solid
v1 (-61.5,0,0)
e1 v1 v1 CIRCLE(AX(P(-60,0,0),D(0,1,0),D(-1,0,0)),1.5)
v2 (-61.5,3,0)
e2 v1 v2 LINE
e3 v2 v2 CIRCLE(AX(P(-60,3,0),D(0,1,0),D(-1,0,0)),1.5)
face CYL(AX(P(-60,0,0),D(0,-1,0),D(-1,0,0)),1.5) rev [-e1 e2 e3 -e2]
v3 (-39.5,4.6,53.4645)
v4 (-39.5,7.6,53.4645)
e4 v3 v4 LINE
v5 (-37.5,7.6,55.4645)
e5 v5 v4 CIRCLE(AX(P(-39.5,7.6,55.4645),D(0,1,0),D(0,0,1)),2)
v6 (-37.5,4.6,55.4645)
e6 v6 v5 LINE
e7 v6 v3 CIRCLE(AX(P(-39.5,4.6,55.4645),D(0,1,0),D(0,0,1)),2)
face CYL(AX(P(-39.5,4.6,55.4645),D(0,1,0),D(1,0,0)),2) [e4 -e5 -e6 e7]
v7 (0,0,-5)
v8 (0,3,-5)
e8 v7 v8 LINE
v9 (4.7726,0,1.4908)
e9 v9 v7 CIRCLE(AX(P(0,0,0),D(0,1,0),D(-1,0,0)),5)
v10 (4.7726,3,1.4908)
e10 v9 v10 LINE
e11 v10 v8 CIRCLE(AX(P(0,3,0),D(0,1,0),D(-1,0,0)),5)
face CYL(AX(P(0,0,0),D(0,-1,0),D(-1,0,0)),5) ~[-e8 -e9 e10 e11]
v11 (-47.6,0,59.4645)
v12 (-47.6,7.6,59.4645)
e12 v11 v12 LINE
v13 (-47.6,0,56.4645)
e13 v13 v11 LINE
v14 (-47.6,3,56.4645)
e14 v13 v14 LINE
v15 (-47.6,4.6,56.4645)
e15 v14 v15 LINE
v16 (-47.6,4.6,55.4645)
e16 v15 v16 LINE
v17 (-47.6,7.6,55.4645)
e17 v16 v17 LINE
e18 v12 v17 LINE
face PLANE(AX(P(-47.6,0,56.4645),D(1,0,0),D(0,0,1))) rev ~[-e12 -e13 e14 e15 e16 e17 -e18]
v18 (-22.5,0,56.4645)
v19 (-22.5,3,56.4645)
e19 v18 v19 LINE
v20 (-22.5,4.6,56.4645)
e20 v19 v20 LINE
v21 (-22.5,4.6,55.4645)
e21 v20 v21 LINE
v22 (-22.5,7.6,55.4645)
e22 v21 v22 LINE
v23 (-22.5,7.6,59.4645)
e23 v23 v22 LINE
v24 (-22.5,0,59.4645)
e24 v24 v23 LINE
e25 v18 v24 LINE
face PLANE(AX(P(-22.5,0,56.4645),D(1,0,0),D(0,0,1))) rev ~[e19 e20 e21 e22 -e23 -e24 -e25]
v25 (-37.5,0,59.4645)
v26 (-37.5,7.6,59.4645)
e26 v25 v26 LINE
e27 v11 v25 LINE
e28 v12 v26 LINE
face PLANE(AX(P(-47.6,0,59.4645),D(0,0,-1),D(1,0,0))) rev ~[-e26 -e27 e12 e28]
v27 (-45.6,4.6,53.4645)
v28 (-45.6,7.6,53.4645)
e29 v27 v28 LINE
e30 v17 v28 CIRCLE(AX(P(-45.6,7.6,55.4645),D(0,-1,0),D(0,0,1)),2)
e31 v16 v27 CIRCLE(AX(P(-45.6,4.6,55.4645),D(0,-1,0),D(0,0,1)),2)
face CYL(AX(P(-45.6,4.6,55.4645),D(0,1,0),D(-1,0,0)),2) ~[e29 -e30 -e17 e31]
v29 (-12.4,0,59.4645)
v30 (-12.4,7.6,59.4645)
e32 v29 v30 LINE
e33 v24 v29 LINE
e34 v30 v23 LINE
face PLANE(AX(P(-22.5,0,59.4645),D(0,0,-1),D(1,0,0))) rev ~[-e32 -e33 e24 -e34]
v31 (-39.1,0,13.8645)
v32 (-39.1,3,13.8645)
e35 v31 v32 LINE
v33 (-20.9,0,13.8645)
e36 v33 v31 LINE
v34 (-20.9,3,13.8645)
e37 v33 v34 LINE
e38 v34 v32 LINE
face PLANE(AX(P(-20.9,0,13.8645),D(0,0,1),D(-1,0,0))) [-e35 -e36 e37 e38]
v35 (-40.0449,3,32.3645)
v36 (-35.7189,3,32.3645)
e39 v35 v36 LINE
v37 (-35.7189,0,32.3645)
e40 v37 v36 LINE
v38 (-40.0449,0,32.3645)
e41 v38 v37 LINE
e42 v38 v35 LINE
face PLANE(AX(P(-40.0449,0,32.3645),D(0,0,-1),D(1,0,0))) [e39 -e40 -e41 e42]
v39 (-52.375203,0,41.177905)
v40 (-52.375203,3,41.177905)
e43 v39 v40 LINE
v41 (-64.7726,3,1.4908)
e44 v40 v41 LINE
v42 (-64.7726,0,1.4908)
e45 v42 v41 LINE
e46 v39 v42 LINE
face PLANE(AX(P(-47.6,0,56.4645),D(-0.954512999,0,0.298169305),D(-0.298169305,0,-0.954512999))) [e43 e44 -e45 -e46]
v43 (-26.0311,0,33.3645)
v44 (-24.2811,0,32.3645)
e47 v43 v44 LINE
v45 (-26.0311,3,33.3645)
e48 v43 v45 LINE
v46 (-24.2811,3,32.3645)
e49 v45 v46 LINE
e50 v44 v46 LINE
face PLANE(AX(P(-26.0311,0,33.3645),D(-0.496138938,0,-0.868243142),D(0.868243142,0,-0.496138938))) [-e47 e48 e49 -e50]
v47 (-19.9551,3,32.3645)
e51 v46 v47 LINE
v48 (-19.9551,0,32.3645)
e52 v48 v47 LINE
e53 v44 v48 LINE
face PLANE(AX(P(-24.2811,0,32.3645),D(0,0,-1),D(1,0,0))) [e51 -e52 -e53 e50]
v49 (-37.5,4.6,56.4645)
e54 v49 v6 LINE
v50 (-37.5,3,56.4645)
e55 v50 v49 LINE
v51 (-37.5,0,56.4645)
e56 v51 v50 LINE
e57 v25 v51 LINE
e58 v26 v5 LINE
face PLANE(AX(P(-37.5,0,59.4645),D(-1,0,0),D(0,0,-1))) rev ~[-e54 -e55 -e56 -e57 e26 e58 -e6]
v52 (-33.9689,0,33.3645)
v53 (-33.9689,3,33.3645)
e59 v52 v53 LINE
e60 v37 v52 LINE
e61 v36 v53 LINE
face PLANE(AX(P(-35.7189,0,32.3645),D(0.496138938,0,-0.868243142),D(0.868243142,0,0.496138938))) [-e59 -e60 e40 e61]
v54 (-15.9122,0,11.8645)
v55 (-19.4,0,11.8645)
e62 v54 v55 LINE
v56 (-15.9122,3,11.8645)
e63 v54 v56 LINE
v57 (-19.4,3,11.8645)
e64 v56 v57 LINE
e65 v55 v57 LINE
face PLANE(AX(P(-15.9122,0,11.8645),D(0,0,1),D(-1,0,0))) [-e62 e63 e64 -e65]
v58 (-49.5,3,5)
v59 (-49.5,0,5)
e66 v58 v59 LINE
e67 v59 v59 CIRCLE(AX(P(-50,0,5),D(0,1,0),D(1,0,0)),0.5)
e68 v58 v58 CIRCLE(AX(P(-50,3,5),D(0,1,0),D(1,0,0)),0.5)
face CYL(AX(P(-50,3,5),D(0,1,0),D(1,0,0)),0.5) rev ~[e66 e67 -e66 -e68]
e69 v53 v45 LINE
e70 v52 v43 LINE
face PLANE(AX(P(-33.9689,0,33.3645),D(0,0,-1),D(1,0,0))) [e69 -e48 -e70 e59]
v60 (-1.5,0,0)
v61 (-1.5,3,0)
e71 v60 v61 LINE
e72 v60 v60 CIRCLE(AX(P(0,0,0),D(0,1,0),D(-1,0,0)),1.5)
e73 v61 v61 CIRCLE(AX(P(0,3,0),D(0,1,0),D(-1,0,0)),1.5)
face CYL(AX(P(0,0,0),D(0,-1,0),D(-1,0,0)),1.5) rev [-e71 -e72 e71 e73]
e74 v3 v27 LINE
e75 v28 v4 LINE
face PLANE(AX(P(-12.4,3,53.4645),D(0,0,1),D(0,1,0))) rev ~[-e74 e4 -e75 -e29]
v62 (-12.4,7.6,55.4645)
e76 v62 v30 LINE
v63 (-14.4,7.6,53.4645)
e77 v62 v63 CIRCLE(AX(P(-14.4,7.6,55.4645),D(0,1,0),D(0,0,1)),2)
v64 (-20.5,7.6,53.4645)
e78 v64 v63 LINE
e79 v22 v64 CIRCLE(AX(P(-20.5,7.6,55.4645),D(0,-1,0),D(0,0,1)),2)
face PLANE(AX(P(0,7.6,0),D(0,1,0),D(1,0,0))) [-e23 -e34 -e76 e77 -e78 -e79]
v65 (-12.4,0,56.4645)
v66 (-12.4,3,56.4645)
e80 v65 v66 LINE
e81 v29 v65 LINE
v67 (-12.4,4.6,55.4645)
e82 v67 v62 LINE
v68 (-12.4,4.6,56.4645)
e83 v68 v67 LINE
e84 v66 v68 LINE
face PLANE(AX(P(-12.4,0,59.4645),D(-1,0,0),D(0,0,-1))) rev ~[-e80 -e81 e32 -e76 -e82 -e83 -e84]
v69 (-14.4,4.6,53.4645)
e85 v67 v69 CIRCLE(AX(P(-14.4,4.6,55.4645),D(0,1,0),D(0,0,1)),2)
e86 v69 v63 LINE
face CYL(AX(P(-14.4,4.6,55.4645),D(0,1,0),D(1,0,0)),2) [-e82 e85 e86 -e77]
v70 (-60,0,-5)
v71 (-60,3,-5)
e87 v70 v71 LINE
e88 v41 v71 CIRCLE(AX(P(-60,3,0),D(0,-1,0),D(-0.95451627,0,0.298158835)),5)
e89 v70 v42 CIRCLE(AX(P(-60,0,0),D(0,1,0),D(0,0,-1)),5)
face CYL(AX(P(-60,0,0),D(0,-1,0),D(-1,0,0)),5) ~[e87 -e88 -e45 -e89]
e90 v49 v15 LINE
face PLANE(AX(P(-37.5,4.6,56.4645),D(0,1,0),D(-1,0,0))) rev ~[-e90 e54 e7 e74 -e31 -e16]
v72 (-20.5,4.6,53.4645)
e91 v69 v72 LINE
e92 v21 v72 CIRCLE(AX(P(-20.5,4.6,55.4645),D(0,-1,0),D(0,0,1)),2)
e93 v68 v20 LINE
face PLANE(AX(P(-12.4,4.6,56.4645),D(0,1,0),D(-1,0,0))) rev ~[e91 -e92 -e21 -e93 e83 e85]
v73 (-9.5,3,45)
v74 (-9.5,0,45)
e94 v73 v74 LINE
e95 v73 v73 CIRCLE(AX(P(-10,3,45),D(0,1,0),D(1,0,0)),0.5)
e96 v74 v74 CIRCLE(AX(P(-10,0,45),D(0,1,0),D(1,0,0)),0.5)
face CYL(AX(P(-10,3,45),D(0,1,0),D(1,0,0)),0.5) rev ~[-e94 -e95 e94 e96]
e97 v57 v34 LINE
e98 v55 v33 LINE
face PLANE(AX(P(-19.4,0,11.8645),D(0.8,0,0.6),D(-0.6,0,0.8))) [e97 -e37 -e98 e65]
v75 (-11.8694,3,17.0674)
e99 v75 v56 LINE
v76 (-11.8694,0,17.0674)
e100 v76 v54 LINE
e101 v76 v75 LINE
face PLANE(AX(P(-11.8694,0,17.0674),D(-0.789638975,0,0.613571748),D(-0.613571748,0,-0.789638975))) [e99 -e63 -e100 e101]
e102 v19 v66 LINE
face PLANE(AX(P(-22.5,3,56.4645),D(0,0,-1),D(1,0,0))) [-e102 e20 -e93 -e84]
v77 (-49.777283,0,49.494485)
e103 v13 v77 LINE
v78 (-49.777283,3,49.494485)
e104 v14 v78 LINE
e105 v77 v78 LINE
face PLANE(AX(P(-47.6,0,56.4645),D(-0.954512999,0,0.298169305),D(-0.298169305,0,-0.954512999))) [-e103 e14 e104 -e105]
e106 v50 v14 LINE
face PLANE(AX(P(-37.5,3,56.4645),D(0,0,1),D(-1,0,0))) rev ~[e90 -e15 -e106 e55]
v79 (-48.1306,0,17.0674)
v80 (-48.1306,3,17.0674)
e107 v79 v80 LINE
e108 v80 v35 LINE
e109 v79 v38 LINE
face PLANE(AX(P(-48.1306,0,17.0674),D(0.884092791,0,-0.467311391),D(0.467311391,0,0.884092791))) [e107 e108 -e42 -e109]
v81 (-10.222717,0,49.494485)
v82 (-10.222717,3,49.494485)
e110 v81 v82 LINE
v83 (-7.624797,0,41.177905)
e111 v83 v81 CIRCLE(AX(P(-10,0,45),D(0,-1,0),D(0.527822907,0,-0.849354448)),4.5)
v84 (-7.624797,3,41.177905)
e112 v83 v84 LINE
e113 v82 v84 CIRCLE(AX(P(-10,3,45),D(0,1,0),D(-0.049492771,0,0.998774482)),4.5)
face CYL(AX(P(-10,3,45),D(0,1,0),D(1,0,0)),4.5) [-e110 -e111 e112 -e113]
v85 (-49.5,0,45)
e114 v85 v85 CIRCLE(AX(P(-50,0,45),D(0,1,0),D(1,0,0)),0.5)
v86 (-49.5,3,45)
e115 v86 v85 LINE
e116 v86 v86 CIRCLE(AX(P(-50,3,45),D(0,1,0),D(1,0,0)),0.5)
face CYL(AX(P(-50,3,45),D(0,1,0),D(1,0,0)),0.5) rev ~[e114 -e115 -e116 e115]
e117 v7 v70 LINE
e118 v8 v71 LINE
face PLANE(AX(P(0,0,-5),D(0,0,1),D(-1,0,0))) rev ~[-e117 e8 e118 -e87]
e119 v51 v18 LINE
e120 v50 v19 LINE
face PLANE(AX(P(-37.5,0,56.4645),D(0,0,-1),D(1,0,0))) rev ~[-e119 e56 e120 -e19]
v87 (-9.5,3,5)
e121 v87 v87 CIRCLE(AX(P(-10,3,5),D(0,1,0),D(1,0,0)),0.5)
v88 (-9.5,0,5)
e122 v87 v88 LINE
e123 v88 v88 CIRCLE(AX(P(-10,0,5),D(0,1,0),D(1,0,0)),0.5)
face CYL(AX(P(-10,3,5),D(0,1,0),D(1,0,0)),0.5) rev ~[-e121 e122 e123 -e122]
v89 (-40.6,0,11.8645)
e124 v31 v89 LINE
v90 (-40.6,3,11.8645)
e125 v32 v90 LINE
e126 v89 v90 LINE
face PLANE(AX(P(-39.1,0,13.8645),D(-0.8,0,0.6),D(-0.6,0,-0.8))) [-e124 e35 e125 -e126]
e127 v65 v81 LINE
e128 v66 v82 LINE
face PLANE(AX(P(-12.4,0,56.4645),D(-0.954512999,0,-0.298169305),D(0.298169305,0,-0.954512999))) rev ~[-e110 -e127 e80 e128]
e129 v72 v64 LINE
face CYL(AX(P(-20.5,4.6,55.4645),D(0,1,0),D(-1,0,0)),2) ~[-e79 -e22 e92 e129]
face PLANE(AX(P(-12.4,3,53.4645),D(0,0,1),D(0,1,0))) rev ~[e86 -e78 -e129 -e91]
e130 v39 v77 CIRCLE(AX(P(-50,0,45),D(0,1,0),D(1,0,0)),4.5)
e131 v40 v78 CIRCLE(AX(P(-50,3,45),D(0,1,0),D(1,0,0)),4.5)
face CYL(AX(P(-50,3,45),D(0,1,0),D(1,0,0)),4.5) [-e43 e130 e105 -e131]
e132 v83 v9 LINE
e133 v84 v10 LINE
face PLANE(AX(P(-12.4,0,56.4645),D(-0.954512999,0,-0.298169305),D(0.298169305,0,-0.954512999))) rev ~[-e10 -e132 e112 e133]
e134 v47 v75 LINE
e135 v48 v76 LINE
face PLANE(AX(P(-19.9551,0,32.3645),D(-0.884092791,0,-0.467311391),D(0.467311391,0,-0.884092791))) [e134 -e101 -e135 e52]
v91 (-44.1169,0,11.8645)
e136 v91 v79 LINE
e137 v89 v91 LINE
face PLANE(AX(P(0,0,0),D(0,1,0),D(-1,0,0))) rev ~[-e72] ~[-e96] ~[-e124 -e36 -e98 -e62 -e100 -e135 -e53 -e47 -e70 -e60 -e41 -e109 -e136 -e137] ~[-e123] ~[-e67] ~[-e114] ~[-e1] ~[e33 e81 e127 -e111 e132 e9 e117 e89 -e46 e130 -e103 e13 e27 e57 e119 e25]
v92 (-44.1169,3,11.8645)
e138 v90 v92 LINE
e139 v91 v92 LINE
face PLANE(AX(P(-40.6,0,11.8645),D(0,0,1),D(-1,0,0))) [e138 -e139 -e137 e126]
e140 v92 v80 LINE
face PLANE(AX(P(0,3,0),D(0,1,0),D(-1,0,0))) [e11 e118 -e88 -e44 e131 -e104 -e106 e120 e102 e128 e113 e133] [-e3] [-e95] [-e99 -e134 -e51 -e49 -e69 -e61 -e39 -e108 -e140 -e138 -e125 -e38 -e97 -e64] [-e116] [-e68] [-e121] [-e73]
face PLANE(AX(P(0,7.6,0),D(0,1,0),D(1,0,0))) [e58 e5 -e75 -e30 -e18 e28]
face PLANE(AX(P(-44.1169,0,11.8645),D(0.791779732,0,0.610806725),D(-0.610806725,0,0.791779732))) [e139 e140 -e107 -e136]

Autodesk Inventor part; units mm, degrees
ref_plane "YZ Plane" through (0, 0, 0) normal (1, 0, 0) x (0, 1, 0)
ref_plane "XZ Plane" through (0, 0, 0) normal (0, 1, 0) x (-1, 0, 0)
sketch "Sketch1" plane through (0, 0, 0) normal (0, 1, 0) x (-1, 0, 0)
  line L0 (12.4, 56.4645) -> (22.5, 56.4645) construction
  circle A0 centre (0, 0) radius 1.5
  line L1 (12.4, 56.4645) -> (0, 0) construction
  circle A1 centre (60, 0) radius 1.5
  line L2 (0, 0) -> (60, 0) construction
  line L3 (47.6, 56.4645) -> (37.5, 56.4645) construction
  line L4 (60, 0) -> (47.6, 56.4645) construction
  line L5 (47.6, 56.4645) -> (37.5, 56.4645) construction
  line L6 (36, 58.4645) -> (24, 58.4645) construction
  line L7 (37.5, 56.4645) -> (36, 58.4645) construction
  line L8 (36, 58.4645) -> (24, 58.4645) construction
  line L9 (24, 58.4645) -> (22.5, 56.4645) construction
  line L10 (22.5, 56.4645) -> (12.4, 56.4645) construction
  line L11 (47.6, 56.4645) -> (47.6, 59.4645)
  line L12 (47.6, 59.4645) -> (37.5, 59.4645)
  line L13 (37.5, 59.4645) -> (37.5, 56.4645)
  line L14 (37.5, 56.4645) -> (22.5, 56.4645)
  line L15 (22.5, 56.4645) -> (22.5, 59.4645)
  line L16 (22.5, 59.4645) -> (12.4, 59.4645)
  line L17 (12.4, 59.4645) -> (12.4, 56.4645)
  circle A2 centre (60, 0) radius 5
  circle A3 centre (0, 0) radius 5
  line L18 (47.6, 56.4645) -> (64.7726, 1.4908)
  line L19 (12.4, 56.4645) -> (-4.7726, 1.4908)
  line L20 (0, -5) -> (60, -5)
  point P0 (17, 90.5)
  dimension "d0" = 3
  dimension "d1" = 10.1
  dimension "d2" = 3
  dimension "d3" = 10.1
  dimension "d4" = 10
  dimension "d5" = 10
  dimension "d6" = 3
  dimension "d7" = 3
extrude "Extrusion1" add sketch "Sketch1" along normal blind 3
sketch "Sketch2" plane through (0, 3, 0) normal (0, 1, 0) x (1, 0, 0)
  line L0 (-47.6, -56.4645) -> (-47.6, -59.4645) projected
  line L1 (-37.5, -59.4645) -> (-37.5, -56.4645) projected
  line L2 (-47.6, -59.4645) -> (-37.5, -59.4645)
  line L3 (-37.5, -59.4645) -> (-37.5, -56.4645)
  line L4 (-37.5, -56.4645) -> (-47.6, -56.4645)
  line L5 (-47.6, -56.4645) -> (-47.6, -59.4645)
  line L6 (-12.4, -59.4645) -> (-12.4, -56.4645) projected
  line L7 (-37.5, -56.4645) -> (-22.5, -56.4645) projected
  line L8 (-12.4, -59.4645) -> (-22.5, -59.4645)
  line L9 (-22.5, -59.4645) -> (-22.5, -56.4645)
  line L10 (-22.5, -56.4645) -> (-12.4, -56.4645)
  line L11 (-12.4, -56.4645) -> (-12.4, -59.4645)
  point P0 (0, 0)
extrude "Extrusion2" add sketch "Sketch2" along normal blind 4.6
ref_plane "Work Plane1" through (-12.4, 3, 56.4645) normal (0, 0, 1) x (0, 1, 0)
sketch "Sketch3" plane through (-12.4, 3, 56.4645) normal (0, 0, 1) x (0, 1, 0)
  line L0 (0, 0) -> (4.6, 0) projected
  line L1 (-3, 10.1) -> (4.6, 10.1) projected
  line L2 (4.6, 0) -> (1.6, 0)
  line L3 (1.6, 0) -> (1.6, 10.1)
  line L4 (1.6, 10.1) -> (4.6, 10.1)
  line L5 (4.6, 10.1) -> (4.6, 0)
  line L6 (-3, 25.1) -> (4.6, 25.1) projected
  line L7 (-3, 35.2) -> (4.6, 35.2) projected
  line L8 (4.6, 25.1) -> (1.6, 25.1)
  line L9 (1.6, 25.1) -> (1.6, 35.2)
  line L10 (1.6, 35.2) -> (4.6, 35.2)
  line L11 (4.6, 35.2) -> (4.6, 25.1)
  point P0 (-3, -12.4)
  point P1 (1.6, 25.1)
  dimension "d12" = 3
  dimension "d13" = 3
extrude "Extrusion3" add sketch "Sketch3" against normal blind 3
fillet "Fillet1" radius 2 4 edges at (-12.4, 6.1, 53.4645) (-22.5, 6.1, 53.4645) (-37.5, 6.1, 53.4645) (-47.6, 6.1, 53.4645)
sketch "Sketch4" plane through (0, 3, 0) normal (0, 1, 0) x (1, 0, 0)
  circle A0 centre (-10, -5) radius 4.5
  line L0 (0, 5) -> (-60, 5) projected
  circle A1 centre (0, 0) radius 1.5 construction
  line L1 (0, 0) -> (0, -9.5) construction
  circle A2 centre (-50, -5) radius 4.5
  circle A3 centre (-10, -45) radius 4.5
  circle A4 centre (-50, -45) radius 4.5
  circle A5 centre (-10, -5) radius 0.5
  circle A6 centre (-50, -5) radius 0.5
  circle A7 centre (-50, -45) radius 0.5
  circle A8 centre (-10, -45) radius 0.5
  dimension "d18" = 9
  dimension "d27" = 60
  dimension "d28" = 10
  dimension "d29" = 10
  dimension "d32" = 40
  dimension "d35" = 40
  dimension "d53" = 1
  dimension "d54" = 1
  dimension "d55" = 1
  dimension "d56" = 1
extrude "Extrusion4" add sketch "Sketch4" against normal blind 3 contours A0 | A2 | A3 | A4 | A5 | A6 | A7 | A8
sketch "Sketch6" plane through (0, 0, 0) normal (0, -1, 0) x (1, 0, 0)
  circle A0 centre (-60, 0) radius 1.55 construction
  line L0 (-44.1169, 11.8645) -> (-48.1306, 17.0674)
  line L1 (-60, 0) -> (-44.1169, 11.8645) construction
  line L2 (-44.1169, 11.8645) -> (-48.1306, 17.0674)
  line L3 (-48.1306, 17.0674) -> (-40.0449, 32.3645)
  line L4 (-48.1306, 17.0674) -> (-40.0449, 32.3645)
  line L5 (-40.0449, 32.3645) -> (-35.7189, 32.3645)
  line L6 (-40.0449, 32.3645) -> (-35.7189, 32.3645)
  line L7 (-33.9689, 33.3645) -> (-26.0311, 33.3645)
  line L8 (-35.7189, 32.3645) -> (-33.9689, 33.3645)
  line L9 (-33.9689, 33.3645) -> (-26.0311, 33.3645)
  line L10 (-24.2811, 32.3645) -> (-19.9551, 32.3645)
  line L11 (-26.0311, 33.3645) -> (-24.2811, 32.3645)
  line L12 (-24.2811, 32.3645) -> (-19.9551, 32.3645)
  line L13 (-19.9551, 32.3645) -> (-11.8694, 17.0674)
  line L14 (-11.8694, 17.0674) -> (-15.9122, 11.8645)
  line L15 (-15.8831, 11.8645) -> (-19.4, 11.8645)
  line L16 (-15.9122, 11.8645) -> (-19.4, 11.8645)
  line L17 (-19.4, 11.8645) -> (-20.9, 13.8645)
  line L18 (-19.4, 11.8645) -> (-20.9, 13.8645)
  line L19 (-20.9, 13.8645) -> (-39.1, 13.8645)
  line L20 (-20.9, 13.8645) -> (-39.1, 13.8645)
  line L21 (-39.1, 13.8645) -> (-40.6, 11.8645)
  line L22 (-39.1, 13.8645) -> (-40.6, 11.8645)
  line L23 (-40.6, 11.8645) -> (-44.1169, 11.8645)
  line L24 (-40.6, 11.8645) -> (-44.1169, 11.8645)
  circle A1 centre (-60, 0) radius 1.5 construction
  point P0 (0, 0)
  point P1 (17, 90.5)
extrude "Extrusion6" cut sketch "Sketch6" against normal up to next
extrude "Extrusion8" cut sketch "Sketch4" against normal up to next contours A5 | A6 | A7 | A8
equation "\"d28\" = -0.5 * d22 + 0.5 * d27"
equation "\"d22\" = 40"
properties part number "ElectronicsMount - ClipOnStyle"
